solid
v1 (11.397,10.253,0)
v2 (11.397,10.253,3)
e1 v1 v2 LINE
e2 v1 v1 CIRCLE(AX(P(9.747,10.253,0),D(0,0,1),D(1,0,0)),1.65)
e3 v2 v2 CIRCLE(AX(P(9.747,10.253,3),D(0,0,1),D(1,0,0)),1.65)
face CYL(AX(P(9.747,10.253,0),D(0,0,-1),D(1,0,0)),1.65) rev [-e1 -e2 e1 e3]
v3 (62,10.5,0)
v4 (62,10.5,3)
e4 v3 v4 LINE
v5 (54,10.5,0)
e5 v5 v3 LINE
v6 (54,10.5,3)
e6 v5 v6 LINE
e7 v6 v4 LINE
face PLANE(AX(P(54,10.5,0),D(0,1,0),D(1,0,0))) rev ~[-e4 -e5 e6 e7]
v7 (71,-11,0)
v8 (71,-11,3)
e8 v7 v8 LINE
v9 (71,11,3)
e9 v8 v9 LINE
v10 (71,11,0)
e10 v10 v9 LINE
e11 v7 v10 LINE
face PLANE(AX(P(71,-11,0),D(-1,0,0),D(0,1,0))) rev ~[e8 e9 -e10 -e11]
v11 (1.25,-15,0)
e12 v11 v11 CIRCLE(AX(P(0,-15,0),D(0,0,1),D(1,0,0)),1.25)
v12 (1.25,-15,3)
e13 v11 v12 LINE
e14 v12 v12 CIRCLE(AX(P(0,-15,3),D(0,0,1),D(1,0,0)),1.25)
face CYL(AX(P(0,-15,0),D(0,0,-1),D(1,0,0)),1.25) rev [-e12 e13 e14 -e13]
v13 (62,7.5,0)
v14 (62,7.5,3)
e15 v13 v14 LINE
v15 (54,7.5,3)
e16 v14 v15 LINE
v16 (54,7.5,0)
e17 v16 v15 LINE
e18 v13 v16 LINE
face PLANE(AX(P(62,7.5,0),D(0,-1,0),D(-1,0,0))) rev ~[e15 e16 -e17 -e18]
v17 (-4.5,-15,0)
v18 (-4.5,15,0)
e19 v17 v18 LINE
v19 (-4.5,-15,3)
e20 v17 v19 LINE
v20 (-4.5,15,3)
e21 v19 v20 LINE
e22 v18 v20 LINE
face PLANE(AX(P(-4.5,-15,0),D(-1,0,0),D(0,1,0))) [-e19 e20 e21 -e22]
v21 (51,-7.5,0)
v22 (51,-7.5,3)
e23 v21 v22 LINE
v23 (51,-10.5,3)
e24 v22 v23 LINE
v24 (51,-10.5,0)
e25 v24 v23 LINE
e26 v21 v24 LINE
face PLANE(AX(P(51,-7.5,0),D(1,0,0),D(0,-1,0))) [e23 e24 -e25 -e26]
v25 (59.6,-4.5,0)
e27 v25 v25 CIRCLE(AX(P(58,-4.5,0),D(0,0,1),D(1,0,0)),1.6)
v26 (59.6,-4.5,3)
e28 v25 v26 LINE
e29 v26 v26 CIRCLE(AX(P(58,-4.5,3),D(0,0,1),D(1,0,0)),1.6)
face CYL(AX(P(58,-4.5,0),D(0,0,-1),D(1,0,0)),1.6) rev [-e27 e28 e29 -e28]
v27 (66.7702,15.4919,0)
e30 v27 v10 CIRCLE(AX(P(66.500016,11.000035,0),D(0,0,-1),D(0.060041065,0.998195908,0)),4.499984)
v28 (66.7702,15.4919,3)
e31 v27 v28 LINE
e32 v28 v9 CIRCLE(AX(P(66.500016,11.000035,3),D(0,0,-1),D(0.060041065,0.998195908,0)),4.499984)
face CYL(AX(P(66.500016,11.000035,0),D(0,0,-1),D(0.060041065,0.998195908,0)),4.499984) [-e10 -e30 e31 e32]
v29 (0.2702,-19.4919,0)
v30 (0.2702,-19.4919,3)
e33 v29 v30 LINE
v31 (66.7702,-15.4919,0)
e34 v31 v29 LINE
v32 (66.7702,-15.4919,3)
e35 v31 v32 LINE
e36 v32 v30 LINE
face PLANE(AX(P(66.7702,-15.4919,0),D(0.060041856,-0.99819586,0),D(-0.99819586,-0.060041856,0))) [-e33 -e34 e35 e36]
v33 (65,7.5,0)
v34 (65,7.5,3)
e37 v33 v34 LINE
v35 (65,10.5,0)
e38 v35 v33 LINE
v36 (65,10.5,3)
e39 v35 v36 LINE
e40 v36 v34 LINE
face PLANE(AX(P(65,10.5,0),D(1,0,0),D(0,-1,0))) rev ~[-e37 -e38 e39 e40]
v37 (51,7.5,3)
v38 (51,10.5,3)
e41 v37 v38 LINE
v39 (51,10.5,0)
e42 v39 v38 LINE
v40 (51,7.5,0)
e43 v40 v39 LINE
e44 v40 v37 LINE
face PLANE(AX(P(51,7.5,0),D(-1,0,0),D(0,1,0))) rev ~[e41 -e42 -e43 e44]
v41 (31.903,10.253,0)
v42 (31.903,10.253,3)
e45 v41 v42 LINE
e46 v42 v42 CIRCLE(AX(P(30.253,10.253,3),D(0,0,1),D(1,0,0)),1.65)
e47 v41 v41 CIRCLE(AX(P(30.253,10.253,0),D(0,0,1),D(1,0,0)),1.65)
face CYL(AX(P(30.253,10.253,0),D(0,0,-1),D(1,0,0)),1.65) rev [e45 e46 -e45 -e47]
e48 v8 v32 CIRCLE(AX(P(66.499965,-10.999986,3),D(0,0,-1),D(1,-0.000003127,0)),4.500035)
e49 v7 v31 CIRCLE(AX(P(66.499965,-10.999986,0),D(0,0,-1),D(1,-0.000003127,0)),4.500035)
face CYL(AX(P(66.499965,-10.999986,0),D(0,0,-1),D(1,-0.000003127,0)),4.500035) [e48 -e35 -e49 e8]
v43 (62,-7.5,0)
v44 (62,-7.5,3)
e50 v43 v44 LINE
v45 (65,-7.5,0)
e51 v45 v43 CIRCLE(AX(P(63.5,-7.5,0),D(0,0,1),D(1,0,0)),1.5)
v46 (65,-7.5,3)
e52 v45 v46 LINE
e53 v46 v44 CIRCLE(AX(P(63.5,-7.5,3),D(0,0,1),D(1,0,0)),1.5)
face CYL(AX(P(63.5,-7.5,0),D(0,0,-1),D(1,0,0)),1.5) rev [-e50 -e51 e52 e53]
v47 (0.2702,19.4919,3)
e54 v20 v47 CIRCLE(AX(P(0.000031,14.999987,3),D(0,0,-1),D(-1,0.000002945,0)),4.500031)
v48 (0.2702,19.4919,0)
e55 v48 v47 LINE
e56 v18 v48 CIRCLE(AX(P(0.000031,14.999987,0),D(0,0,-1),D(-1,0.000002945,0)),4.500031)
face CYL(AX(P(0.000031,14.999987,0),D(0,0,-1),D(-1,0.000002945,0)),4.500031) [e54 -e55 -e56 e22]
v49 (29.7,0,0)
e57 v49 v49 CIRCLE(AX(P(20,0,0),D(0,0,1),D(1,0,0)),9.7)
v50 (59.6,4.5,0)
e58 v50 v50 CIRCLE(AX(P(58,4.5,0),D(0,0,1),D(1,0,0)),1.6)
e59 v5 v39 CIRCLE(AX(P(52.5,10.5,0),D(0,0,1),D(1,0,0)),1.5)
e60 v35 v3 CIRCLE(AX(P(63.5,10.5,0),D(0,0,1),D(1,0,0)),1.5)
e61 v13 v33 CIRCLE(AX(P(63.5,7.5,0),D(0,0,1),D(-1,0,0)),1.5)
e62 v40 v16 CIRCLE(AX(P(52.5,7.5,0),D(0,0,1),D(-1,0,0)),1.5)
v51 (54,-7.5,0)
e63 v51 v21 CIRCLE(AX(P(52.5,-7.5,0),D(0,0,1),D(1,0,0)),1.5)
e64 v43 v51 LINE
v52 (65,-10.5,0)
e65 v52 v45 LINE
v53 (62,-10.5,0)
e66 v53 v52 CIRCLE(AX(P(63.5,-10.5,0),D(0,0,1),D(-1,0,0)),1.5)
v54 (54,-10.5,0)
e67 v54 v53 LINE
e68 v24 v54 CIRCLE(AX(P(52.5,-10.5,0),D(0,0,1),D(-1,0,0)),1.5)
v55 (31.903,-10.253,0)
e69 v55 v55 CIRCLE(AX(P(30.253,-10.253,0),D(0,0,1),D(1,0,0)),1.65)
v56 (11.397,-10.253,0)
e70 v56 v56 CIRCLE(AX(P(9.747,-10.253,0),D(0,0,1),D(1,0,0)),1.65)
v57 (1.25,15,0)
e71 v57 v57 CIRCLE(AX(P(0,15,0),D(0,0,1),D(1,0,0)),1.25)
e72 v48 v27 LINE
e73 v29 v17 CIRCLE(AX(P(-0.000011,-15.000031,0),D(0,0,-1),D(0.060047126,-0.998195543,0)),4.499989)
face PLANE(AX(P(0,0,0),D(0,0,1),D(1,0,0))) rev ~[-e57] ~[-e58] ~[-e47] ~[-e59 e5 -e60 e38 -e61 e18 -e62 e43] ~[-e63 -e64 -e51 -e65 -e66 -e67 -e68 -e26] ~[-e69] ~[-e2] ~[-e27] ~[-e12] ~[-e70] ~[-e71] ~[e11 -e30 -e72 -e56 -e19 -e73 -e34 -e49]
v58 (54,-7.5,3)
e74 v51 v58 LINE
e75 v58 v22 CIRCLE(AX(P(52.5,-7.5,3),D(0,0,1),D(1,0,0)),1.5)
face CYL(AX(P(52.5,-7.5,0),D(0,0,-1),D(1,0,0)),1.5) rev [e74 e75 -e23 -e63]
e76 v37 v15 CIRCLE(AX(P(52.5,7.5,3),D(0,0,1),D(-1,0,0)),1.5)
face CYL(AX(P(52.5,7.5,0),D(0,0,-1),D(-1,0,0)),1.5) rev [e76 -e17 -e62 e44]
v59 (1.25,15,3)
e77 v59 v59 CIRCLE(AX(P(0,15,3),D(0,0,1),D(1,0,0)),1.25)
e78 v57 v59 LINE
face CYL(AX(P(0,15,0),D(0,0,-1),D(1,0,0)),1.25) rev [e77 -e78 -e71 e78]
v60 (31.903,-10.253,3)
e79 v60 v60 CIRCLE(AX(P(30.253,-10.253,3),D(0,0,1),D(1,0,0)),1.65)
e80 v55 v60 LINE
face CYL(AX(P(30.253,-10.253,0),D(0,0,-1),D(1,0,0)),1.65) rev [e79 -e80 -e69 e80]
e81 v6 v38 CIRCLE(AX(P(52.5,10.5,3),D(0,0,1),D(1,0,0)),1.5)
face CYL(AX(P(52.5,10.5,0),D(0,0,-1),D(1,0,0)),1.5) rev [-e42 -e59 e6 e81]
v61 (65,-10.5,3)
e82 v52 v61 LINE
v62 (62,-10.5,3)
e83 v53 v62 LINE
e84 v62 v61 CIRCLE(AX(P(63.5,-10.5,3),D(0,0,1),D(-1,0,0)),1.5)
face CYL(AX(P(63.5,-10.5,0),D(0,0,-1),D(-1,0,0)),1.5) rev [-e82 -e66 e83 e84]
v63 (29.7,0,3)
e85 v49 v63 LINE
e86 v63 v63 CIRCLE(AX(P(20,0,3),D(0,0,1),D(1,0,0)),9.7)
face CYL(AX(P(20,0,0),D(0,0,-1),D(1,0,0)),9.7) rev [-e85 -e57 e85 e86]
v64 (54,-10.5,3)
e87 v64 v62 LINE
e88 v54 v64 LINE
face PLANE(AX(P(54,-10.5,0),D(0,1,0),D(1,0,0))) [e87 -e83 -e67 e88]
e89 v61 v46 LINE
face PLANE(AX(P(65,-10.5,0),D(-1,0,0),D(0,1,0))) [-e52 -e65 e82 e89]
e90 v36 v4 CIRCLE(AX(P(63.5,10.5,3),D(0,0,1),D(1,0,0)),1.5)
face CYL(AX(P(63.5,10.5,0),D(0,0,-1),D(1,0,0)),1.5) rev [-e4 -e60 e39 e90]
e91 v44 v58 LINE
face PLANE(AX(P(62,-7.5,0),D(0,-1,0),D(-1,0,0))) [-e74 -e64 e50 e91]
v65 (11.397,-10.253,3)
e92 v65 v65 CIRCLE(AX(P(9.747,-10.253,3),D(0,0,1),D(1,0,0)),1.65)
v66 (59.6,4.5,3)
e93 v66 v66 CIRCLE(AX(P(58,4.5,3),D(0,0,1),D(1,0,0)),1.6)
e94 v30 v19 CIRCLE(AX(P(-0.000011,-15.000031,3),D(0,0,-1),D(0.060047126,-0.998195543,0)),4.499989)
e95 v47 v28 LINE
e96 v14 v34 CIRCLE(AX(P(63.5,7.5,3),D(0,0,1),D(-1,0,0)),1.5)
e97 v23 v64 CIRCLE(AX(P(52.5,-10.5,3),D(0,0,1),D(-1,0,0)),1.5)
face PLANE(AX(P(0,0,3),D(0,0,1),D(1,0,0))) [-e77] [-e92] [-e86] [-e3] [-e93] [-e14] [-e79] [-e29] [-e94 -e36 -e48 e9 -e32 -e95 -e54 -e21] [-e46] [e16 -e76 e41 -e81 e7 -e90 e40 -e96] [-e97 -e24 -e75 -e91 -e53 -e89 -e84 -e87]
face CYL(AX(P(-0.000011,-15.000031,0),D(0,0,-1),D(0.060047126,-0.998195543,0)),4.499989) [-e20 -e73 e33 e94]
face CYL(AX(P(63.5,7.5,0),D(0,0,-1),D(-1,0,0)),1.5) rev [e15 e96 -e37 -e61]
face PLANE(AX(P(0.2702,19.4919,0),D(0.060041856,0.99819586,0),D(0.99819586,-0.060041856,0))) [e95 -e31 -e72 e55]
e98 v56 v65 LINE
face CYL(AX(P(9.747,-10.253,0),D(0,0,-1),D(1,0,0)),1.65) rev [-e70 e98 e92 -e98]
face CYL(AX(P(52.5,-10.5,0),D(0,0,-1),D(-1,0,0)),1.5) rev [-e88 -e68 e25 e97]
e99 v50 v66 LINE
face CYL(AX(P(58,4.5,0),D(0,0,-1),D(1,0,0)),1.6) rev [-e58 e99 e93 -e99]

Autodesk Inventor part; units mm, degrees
ref_plane "YZ Plane" through (0, 0, 0) normal (1, 0, 0) x (0, 1, 0)
ref_plane "XZ Plane" through (0, 0, 0) normal (0, 1, 0) x (-1, 0, 0)
ref_plane "XY Plane" through (0, 0, 0) normal (0, 0, 1) x (1, 0, 0)
sketch "スケッチ1" plane through (0, 0, 0) normal (0, 0, 1) x (1, 0, 0)
  circle A0 centre (0, 15) radius 1.25
  circle A1 centre (0, -15) radius 1.25
  circle A2 centre (20, 0) radius 9.7
  line L0 (0, 15) -> (0, -15) construction
  line L1 (72.6, 25) -> (-7.4, 25)
  line L2 (-7.4, 25) -> (-7.4, -25)
  line L3 (-7.4, -25) -> (72.6, -25)
  line L4 (72.6, -25) -> (72.6, 25)
  circle A3 centre (9.747, 10.253) radius 1.65
  circle A4 centre (9.747, -10.253) radius 1.65
  circle A5 centre (30.253, -10.253) radius 1.65
  circle A6 centre (30.253, 10.253) radius 1.65
  line L5 (62, 7.5) -> (54, 7.5)
  line L6 (51, 7.5) -> (51, 10.5)
  line L7 (54, 10.5) -> (62, 10.5)
  line L8 (65, 10.5) -> (65, 7.5)
  arc A7 (62, 7.5) -> (65, 7.5) centre (63.5, 7.5) ccw
  arc A8 (65, 10.5) -> (62, 10.5) centre (63.5, 10.5) ccw
  arc A9 (51, 7.5) -> (54, 7.5) centre (52.5, 7.5) ccw
  arc A10 (54, 10.5) -> (51, 10.5) centre (52.5, 10.5) ccw
  line L9 (20, 0) -> (0, 0) construction
  line L10 (62, -7.5) -> (54, -7.5)
  line L11 (51, -7.5) -> (51, -10.5)
  line L12 (54, -10.5) -> (62, -10.5)
  line L13 (65, -10.5) -> (65, -7.5)
  arc A11 (65, -7.5) -> (62, -7.5) centre (63.5, -7.5) ccw
  arc A12 (62, -10.5) -> (65, -10.5) centre (63.5, -10.5) ccw
  arc A13 (54, -7.5) -> (51, -7.5) centre (52.5, -7.5) ccw
  arc A14 (51, -10.5) -> (54, -10.5) centre (52.5, -10.5) ccw
  circle A15 centre (58, -4.5) radius 1.6
  circle A16 centre (58, 4.5) radius 1.6
  point P0 (-7.4, 0)
  point P1 (58, 7.5)
  dimension "d0" = 2.5
  dimension "d1" = 30
  dimension "d2" = 19.4
  dimension "d4" = 7.4
  dimension "d5" = 50
  dimension "d6" = 80
  dimension "d9" = 3.3
  dimension "d11" = 14.5
  dimension "d14" = 360
  dimension "d18" = 14
  dimension "d19" = 3
  dimension "d20" = 10.5
  dimension "d21" = 51
  dimension "d22" = 1.5
  dimension "d23" = 3.2
  dimension "d24" = 3.2
  dimension "d25" = 3
  dimension "d26" = 3
  dimension "d36" = 20
extrude "押し出し1" add sketch "スケッチ1" along normal blind 3
sketch "スケッチ3" plane through (0, 0, 0) normal (0, 0, -1) x (-1, 0, 0)
  circle A0 centre (-20, 0) radius 9.7 projected
  arc A1 (-65, 7.5) -> (-62, 7.5) centre (-63.5, 7.5) ccw projected
  line L0 (-65, 7.5) -> (-65, 10.5) projected
  line L1 (-62, 10.5) -> (-54, 10.5) projected
  arc A2 (-51, 10.5) -> (-54, 10.5) centre (-52.5, 10.5) ccw projected
  line L2 (-51, 10.5) -> (-51, 7.5) projected
  arc A3 (-54, 7.5) -> (-51, 7.5) centre (-52.5, 7.5) ccw projected
  line L3 (-54, 7.5) -> (-62, 7.5) projected
  arc A4 (-51, -7.5) -> (-54, -7.5) centre (-52.5, -7.5) ccw projected
  line L4 (-51, -7.5) -> (-51, -10.5) projected
  arc A5 (-54, -10.5) -> (-51, -10.5) centre (-52.5, -10.5) ccw projected
  line L5 (-54, -10.5) -> (-62, -10.5) projected
  line L6 (-65, -10.5) -> (-65, -7.5) projected
  arc A6 (-62, -7.5) -> (-65, -7.5) centre (-63.5, -7.5) ccw projected
  line L7 (-62, -7.5) -> (-54, -7.5) projected
  circle A7 centre (-30.253, 10.253) radius 1.65 projected
  circle A8 centre (-30.253, -10.253) radius 1.65 projected
  circle A9 centre (-9.747, -10.253) radius 1.65 projected
  circle A10 centre (-9.747, 10.253) radius 1.65 projected
  circle A11 centre (-58, 4.5) radius 1.6 projected
  circle A12 centre (-58, -4.5) radius 1.6 projected
  circle A13 centre (0, -15) radius 1.25 projected
  circle A14 centre (0, 15) radius 1.25 projected
  line L8 (-72.6, 25) -> (7.4, 25) projected
  line L9 (-72.6, -25) -> (-72.6, 25) projected
  line L10 (7.4, -25) -> (-72.6, -25) projected
  line L11 (7.4, 25) -> (7.4, -25) projected
  arc A15 (-71, -11) -> (-66.7702, -15.4919) centre (-66.5, -11) ccw
  arc A16 (-66.7702, 15.4919) -> (-71, 11) centre (-66.5, 11) ccw
  line L12 (-71, -11) -> (-71, 11)
  arc A17 (-0.2702, -19.4919) -> (4.5, -15) centre (0, -15) ccw
  arc A18 (4.5, 15) -> (-0.2702, 19.4919) centre (0, 15) ccw
  line L13 (-66.7702, -15.4919) -> (-0.2702, -19.4919)
  line L14 (4.5, -15) -> (4.5, 15)
  line L15 (-0.2702, 19.4919) -> (-66.7702, 15.4919)
  line L16 (0, 0) -> (-20, 0) construction
  arc A19 (-62, 10.5) -> (-65, 10.5) centre (-63.5, 10.5) ccw projected
  arc A20 (-65, -10.5) -> (-62, -10.5) centre (-63.5, -10.5) ccw projected
  dimension "d29" = 9
  dimension "d30" = 9
  dimension "d31" = 4.5
  dimension "d32" = 22
  dimension "d33" = 6
extrude "押し出し2" cut sketch "スケッチ3" against normal blind 3 contours L8 L11 L10 L9
properties part number "BaseSliderMount"
